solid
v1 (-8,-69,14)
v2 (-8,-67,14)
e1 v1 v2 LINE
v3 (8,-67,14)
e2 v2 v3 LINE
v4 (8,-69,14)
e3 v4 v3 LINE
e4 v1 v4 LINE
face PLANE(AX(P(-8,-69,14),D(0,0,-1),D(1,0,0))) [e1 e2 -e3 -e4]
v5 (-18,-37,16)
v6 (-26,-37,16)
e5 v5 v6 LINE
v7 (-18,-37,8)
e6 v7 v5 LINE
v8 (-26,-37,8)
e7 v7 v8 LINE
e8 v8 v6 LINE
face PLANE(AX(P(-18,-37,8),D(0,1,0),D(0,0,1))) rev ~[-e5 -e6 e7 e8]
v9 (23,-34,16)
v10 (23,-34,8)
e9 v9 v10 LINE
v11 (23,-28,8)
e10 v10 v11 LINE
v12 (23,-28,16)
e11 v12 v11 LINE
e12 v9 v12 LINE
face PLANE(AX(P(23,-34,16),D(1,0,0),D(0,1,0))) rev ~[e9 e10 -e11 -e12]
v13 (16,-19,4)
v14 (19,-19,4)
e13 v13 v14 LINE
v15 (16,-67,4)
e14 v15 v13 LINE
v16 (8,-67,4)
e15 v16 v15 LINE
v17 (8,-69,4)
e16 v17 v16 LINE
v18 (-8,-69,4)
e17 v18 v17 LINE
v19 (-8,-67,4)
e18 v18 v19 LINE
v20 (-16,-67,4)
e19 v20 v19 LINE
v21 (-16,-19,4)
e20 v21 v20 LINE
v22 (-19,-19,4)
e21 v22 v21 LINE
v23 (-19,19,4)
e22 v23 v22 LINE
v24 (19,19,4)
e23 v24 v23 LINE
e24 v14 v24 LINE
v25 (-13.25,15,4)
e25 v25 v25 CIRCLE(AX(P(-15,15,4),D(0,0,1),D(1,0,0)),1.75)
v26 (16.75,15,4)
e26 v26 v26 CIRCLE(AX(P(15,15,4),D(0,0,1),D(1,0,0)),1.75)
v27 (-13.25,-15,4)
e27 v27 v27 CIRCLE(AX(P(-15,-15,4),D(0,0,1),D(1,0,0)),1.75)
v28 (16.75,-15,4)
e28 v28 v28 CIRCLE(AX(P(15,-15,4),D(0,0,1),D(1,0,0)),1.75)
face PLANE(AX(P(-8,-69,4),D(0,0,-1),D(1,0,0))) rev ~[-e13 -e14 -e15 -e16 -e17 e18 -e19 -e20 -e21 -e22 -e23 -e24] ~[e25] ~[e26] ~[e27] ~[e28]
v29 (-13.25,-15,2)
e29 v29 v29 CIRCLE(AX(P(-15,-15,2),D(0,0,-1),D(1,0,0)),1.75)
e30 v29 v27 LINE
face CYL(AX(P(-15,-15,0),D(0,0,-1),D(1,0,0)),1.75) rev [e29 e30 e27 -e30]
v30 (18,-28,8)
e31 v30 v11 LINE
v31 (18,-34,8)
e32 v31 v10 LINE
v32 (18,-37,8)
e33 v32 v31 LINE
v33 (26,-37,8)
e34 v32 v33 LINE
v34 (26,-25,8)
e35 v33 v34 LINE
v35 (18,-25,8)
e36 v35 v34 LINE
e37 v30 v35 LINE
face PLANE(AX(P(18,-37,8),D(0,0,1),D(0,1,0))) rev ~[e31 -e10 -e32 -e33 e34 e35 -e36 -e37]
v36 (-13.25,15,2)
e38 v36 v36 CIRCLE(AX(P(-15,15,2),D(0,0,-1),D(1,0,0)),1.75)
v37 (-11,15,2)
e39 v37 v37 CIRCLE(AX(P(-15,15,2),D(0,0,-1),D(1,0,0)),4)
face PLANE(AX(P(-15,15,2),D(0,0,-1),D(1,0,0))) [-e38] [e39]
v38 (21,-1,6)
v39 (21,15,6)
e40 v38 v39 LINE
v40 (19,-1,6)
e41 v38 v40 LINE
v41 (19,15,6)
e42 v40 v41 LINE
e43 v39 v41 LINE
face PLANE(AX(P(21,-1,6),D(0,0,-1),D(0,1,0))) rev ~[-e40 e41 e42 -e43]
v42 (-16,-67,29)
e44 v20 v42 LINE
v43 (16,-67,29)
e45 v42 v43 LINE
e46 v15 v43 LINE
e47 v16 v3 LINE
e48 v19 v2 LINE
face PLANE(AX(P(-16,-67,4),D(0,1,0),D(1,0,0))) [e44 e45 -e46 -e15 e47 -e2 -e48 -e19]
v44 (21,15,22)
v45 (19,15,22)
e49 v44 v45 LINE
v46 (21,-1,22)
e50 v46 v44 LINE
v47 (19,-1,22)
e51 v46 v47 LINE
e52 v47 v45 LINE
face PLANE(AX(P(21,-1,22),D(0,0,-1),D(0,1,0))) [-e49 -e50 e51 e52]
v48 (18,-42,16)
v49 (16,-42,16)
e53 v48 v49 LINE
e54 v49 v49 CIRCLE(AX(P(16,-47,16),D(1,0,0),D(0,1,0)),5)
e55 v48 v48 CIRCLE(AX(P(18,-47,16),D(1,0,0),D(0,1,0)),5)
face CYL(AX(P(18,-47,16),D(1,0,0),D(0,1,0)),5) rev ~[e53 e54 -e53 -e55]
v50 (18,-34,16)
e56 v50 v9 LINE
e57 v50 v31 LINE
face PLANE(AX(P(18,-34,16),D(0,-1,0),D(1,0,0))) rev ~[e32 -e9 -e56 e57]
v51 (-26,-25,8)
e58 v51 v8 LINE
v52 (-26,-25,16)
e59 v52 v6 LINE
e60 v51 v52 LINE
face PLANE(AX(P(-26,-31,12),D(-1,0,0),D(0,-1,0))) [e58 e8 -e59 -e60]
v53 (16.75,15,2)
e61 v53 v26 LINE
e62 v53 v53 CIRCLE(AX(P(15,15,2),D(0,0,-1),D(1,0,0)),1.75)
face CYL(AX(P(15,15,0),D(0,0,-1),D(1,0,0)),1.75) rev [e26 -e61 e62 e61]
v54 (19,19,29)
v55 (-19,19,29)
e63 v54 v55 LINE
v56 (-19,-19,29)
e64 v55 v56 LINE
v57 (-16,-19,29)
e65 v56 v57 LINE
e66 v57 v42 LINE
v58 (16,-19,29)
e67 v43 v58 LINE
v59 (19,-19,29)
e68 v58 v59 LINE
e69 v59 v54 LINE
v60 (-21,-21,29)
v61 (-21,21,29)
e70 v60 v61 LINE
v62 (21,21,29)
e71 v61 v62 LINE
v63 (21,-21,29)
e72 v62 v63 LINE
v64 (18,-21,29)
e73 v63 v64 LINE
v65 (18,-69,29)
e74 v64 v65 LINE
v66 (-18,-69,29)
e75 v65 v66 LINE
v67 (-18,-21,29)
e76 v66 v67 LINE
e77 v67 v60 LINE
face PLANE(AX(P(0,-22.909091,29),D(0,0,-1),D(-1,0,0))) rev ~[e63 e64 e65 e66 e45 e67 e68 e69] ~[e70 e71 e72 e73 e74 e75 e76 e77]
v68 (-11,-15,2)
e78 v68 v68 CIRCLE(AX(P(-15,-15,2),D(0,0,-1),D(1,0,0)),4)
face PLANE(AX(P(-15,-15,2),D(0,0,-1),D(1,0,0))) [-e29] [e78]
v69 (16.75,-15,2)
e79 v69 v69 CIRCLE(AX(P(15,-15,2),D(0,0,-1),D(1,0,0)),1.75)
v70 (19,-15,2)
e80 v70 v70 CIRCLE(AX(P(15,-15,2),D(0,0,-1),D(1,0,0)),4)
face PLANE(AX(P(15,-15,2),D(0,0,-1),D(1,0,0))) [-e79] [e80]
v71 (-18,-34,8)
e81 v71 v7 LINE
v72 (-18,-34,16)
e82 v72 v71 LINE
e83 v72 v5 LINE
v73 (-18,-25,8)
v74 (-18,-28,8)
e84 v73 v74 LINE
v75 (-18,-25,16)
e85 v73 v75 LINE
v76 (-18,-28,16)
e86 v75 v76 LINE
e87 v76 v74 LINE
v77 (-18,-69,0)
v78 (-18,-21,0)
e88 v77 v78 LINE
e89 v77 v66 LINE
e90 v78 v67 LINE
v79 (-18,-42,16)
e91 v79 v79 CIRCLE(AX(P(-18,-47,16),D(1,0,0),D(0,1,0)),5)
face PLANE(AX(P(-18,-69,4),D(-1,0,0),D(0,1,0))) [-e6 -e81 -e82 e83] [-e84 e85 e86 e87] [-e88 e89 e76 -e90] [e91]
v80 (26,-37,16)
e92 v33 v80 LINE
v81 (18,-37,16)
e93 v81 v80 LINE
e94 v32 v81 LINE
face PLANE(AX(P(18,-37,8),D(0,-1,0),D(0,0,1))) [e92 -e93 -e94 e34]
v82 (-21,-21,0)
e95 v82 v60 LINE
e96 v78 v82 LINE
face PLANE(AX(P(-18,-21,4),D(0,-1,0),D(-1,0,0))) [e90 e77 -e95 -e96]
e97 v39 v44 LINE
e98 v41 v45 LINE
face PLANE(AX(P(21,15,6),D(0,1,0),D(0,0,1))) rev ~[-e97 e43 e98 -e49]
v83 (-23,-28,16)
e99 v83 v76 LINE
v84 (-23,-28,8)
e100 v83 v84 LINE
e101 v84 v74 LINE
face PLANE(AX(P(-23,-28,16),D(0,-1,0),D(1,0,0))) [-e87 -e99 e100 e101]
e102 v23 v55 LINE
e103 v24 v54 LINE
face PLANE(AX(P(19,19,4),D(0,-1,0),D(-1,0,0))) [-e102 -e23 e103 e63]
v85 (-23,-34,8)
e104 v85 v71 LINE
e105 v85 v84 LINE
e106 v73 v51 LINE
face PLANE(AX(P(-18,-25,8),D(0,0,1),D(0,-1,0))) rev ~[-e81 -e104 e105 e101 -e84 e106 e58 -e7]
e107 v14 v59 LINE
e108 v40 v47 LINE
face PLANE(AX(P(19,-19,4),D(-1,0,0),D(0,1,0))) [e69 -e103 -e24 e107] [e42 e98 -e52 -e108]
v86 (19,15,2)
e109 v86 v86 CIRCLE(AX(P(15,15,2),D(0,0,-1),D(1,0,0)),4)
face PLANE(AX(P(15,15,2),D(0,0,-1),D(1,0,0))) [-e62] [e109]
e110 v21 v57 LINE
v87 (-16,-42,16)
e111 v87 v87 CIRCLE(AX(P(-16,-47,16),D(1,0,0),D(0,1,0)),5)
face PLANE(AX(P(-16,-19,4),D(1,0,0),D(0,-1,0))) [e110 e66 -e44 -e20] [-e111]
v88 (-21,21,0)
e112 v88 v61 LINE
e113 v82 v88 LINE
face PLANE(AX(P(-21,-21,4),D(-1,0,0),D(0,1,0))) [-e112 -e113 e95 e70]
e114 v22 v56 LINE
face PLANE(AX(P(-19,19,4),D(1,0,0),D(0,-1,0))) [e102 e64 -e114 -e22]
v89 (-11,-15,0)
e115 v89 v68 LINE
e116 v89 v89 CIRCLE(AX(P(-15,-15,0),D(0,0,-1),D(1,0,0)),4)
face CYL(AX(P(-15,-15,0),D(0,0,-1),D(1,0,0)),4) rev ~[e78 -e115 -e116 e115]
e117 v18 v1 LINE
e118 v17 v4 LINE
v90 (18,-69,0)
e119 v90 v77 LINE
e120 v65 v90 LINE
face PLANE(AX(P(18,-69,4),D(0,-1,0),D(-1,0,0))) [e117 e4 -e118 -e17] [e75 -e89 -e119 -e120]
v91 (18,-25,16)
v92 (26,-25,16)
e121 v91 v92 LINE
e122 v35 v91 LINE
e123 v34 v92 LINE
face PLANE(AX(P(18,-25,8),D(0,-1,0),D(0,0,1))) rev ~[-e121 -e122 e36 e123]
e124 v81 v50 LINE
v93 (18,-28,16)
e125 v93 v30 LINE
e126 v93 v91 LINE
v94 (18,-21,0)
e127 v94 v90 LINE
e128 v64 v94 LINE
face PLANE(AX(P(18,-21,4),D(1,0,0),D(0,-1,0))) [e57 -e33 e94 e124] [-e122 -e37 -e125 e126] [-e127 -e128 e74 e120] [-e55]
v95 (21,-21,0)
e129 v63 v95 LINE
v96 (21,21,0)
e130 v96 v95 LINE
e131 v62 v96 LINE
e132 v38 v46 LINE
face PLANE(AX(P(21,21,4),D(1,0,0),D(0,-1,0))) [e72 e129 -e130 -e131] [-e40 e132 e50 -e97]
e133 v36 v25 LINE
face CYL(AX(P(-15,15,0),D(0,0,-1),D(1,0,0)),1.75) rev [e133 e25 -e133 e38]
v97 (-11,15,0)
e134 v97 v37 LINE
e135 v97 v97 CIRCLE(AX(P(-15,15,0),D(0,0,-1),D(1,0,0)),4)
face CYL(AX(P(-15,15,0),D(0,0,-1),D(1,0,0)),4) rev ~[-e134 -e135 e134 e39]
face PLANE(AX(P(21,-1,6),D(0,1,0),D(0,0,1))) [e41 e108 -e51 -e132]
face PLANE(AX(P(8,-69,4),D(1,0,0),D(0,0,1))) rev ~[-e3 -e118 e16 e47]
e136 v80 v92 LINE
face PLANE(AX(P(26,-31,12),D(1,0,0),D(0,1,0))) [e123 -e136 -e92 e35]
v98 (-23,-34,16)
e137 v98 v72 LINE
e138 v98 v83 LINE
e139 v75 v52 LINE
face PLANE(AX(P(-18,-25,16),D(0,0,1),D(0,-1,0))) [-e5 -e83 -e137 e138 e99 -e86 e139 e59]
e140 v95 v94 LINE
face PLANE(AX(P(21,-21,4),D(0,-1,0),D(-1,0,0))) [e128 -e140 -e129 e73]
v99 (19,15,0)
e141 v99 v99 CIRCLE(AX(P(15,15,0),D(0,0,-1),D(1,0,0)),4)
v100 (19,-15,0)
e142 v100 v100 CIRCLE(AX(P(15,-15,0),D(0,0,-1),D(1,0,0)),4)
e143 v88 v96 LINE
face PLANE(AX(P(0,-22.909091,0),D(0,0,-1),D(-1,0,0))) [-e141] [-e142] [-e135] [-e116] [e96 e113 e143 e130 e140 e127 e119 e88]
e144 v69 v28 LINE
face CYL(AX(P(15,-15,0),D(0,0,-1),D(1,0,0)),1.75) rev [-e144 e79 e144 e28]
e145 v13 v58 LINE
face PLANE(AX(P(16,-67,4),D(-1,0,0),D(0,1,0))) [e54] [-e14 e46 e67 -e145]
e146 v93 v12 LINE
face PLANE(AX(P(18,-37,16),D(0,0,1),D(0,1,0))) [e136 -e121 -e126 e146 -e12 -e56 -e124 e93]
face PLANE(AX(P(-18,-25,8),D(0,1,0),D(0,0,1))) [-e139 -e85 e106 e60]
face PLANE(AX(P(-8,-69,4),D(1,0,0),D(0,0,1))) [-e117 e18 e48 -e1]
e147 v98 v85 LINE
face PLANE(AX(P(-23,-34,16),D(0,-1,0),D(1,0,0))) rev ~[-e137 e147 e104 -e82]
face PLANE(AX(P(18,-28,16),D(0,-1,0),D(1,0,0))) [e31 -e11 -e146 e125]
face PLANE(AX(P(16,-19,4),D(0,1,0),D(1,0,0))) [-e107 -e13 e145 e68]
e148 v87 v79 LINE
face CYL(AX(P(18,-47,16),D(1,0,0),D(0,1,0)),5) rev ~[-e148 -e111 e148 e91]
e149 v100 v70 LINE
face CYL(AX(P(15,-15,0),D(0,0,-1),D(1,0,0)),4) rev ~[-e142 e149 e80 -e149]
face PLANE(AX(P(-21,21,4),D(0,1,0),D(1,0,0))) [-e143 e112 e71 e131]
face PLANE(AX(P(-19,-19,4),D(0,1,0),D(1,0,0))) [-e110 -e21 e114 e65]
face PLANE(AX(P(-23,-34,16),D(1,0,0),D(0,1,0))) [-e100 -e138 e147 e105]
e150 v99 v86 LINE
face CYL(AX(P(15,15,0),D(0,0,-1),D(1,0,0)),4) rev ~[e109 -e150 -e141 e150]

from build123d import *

# Parameters (mm, degrees)
SKETCH_R        = 1.75
PAD_DEPTH       = 4
PAD001_DEPTH    = 25
SKETCH002_W     = 16
SKETCH002_H     = 10
POCKET_DEPTH    = 2
SKETCH003_W     = 16
SKETCH003_H     = 16
POCKET001_DEPTH = 2
SKETCH004_W     = 12
SKETCH004_H     = 8
PAD002_DEPTH    = 8
SKETCH005_W     = 12
SKETCH005_H     = 8
PAD003_DEPTH    = 8
SKETCH006_W     = 5
SKETCH006_H     = 6
POCKET002_DEPTH = 8
SKETCH007_R     = 5
POCKET003_DEPTH = 44.001
SKETCH008_R     = 4
POCKET004_DEPTH = 2


with BuildPart() as part:
    # Sketch → Pad (new body)
    with BuildSketch(Plane.XY):
        Polygon((-21, 21), (21, 21), (21, -21), (18, -21), (18, -69), (-18, -69), (-18, -21), (-21, -21), align=None)
        with Locations((-15, 15)):
            Circle(SKETCH_R, mode=Mode.SUBTRACT)
        with Locations((15, 15)):
            Circle(SKETCH_R, mode=Mode.SUBTRACT)
        with Locations((-15, -15)):
            Circle(SKETCH_R, mode=Mode.SUBTRACT)
        with Locations((15, -15)):
            Circle(SKETCH_R, mode=Mode.SUBTRACT)
    extrude(amount=PAD_DEPTH)

    # Sketch001 (on Face14 of Pad) → Pad001 (join)
    with BuildSketch(Plane.XY.offset(4)):
        Polygon((-21, 21), (21, 21), (21, -21), (18, -21), (18, -69), (-18, -69), (-18, -21), (-21, -21), align=None)
        Polygon((-19, 19), (-19, -19), (-16, -19), (-16, -67), (16, -67), (16, -19), (19, -19), (19, 19), align=None, mode=Mode.SUBTRACT)
    extrude(amount=PAD001_DEPTH)

    # Sketch002 (on Face7 of Pad001) → Pocket (cut)
    with BuildSketch(Plane.XZ.offset(69)):
        with Locations((0, 9)):
            Rectangle(SKETCH002_W, SKETCH002_H)
    extrude(amount=-POCKET_DEPTH, mode=Mode.SUBTRACT)

    # Sketch003 (on Face26 of Pocket) → Pocket001 (cut)
    with BuildSketch(Plane.YZ.offset(21)):
        with Locations((7, 14)):
            Rectangle(SKETCH003_W, SKETCH003_H)
    extrude(amount=-POCKET001_DEPTH, mode=Mode.SUBTRACT)

    # Sketch004 (on Face19 of Pocket001) → Pad002 (join)
    with BuildSketch(Plane.YZ.offset(18)):
        with Locations((-31, 12)):
            Rectangle(SKETCH004_W, SKETCH004_H)
    extrude(amount=PAD002_DEPTH)

    # Sketch005 (on Face5 of Pad002) → Pad003 (join)
    with BuildSketch(Plane(origin=(-18, 0, 0), x_dir=(0, -1, 0), z_dir=(-1, 0, 0))):
        with Locations((31, 12)):
            Rectangle(SKETCH005_W, SKETCH005_H)
    extrude(amount=PAD003_DEPTH)

    # Sketch006 (on Face22 of Pad003) → Pocket002 (cut)
    with BuildSketch(Plane.XY.offset(16)):
        with Locations((-20.5, -31)):
            Rectangle(SKETCH006_W, SKETCH006_H)
        with Locations((20.5, -31)):
            Rectangle(SKETCH006_W, SKETCH006_H)
    extrude(amount=-POCKET002_DEPTH, mode=Mode.SUBTRACT)

    # Sketch007 (on Face24 of Pocket002) → Pocket003 (cut, through all)
    with BuildSketch(Plane.YZ.offset(18)):
        with Locations((-47, 16)):
            Circle(SKETCH007_R)
    extrude(amount=-POCKET003_DEPTH, mode=Mode.SUBTRACT)

    # Sketch008 (on Face4 of Pocket003) → Pocket004 (cut)
    with BuildSketch(Plane(origin=(0, 0, 0), x_dir=(1, 0, 0), z_dir=(0, 0, -1))):
        with Locations((-15, -15)):
            Circle(SKETCH008_R)
        with Locations((-15, 15)):
            Circle(SKETCH008_R)
        with Locations((15, 15)):
            Circle(SKETCH008_R)
        with Locations((15, -15)):
            Circle(SKETCH008_R)
    extrude(amount=-POCKET004_DEPTH, mode=Mode.SUBTRACT)


solid = part.part
